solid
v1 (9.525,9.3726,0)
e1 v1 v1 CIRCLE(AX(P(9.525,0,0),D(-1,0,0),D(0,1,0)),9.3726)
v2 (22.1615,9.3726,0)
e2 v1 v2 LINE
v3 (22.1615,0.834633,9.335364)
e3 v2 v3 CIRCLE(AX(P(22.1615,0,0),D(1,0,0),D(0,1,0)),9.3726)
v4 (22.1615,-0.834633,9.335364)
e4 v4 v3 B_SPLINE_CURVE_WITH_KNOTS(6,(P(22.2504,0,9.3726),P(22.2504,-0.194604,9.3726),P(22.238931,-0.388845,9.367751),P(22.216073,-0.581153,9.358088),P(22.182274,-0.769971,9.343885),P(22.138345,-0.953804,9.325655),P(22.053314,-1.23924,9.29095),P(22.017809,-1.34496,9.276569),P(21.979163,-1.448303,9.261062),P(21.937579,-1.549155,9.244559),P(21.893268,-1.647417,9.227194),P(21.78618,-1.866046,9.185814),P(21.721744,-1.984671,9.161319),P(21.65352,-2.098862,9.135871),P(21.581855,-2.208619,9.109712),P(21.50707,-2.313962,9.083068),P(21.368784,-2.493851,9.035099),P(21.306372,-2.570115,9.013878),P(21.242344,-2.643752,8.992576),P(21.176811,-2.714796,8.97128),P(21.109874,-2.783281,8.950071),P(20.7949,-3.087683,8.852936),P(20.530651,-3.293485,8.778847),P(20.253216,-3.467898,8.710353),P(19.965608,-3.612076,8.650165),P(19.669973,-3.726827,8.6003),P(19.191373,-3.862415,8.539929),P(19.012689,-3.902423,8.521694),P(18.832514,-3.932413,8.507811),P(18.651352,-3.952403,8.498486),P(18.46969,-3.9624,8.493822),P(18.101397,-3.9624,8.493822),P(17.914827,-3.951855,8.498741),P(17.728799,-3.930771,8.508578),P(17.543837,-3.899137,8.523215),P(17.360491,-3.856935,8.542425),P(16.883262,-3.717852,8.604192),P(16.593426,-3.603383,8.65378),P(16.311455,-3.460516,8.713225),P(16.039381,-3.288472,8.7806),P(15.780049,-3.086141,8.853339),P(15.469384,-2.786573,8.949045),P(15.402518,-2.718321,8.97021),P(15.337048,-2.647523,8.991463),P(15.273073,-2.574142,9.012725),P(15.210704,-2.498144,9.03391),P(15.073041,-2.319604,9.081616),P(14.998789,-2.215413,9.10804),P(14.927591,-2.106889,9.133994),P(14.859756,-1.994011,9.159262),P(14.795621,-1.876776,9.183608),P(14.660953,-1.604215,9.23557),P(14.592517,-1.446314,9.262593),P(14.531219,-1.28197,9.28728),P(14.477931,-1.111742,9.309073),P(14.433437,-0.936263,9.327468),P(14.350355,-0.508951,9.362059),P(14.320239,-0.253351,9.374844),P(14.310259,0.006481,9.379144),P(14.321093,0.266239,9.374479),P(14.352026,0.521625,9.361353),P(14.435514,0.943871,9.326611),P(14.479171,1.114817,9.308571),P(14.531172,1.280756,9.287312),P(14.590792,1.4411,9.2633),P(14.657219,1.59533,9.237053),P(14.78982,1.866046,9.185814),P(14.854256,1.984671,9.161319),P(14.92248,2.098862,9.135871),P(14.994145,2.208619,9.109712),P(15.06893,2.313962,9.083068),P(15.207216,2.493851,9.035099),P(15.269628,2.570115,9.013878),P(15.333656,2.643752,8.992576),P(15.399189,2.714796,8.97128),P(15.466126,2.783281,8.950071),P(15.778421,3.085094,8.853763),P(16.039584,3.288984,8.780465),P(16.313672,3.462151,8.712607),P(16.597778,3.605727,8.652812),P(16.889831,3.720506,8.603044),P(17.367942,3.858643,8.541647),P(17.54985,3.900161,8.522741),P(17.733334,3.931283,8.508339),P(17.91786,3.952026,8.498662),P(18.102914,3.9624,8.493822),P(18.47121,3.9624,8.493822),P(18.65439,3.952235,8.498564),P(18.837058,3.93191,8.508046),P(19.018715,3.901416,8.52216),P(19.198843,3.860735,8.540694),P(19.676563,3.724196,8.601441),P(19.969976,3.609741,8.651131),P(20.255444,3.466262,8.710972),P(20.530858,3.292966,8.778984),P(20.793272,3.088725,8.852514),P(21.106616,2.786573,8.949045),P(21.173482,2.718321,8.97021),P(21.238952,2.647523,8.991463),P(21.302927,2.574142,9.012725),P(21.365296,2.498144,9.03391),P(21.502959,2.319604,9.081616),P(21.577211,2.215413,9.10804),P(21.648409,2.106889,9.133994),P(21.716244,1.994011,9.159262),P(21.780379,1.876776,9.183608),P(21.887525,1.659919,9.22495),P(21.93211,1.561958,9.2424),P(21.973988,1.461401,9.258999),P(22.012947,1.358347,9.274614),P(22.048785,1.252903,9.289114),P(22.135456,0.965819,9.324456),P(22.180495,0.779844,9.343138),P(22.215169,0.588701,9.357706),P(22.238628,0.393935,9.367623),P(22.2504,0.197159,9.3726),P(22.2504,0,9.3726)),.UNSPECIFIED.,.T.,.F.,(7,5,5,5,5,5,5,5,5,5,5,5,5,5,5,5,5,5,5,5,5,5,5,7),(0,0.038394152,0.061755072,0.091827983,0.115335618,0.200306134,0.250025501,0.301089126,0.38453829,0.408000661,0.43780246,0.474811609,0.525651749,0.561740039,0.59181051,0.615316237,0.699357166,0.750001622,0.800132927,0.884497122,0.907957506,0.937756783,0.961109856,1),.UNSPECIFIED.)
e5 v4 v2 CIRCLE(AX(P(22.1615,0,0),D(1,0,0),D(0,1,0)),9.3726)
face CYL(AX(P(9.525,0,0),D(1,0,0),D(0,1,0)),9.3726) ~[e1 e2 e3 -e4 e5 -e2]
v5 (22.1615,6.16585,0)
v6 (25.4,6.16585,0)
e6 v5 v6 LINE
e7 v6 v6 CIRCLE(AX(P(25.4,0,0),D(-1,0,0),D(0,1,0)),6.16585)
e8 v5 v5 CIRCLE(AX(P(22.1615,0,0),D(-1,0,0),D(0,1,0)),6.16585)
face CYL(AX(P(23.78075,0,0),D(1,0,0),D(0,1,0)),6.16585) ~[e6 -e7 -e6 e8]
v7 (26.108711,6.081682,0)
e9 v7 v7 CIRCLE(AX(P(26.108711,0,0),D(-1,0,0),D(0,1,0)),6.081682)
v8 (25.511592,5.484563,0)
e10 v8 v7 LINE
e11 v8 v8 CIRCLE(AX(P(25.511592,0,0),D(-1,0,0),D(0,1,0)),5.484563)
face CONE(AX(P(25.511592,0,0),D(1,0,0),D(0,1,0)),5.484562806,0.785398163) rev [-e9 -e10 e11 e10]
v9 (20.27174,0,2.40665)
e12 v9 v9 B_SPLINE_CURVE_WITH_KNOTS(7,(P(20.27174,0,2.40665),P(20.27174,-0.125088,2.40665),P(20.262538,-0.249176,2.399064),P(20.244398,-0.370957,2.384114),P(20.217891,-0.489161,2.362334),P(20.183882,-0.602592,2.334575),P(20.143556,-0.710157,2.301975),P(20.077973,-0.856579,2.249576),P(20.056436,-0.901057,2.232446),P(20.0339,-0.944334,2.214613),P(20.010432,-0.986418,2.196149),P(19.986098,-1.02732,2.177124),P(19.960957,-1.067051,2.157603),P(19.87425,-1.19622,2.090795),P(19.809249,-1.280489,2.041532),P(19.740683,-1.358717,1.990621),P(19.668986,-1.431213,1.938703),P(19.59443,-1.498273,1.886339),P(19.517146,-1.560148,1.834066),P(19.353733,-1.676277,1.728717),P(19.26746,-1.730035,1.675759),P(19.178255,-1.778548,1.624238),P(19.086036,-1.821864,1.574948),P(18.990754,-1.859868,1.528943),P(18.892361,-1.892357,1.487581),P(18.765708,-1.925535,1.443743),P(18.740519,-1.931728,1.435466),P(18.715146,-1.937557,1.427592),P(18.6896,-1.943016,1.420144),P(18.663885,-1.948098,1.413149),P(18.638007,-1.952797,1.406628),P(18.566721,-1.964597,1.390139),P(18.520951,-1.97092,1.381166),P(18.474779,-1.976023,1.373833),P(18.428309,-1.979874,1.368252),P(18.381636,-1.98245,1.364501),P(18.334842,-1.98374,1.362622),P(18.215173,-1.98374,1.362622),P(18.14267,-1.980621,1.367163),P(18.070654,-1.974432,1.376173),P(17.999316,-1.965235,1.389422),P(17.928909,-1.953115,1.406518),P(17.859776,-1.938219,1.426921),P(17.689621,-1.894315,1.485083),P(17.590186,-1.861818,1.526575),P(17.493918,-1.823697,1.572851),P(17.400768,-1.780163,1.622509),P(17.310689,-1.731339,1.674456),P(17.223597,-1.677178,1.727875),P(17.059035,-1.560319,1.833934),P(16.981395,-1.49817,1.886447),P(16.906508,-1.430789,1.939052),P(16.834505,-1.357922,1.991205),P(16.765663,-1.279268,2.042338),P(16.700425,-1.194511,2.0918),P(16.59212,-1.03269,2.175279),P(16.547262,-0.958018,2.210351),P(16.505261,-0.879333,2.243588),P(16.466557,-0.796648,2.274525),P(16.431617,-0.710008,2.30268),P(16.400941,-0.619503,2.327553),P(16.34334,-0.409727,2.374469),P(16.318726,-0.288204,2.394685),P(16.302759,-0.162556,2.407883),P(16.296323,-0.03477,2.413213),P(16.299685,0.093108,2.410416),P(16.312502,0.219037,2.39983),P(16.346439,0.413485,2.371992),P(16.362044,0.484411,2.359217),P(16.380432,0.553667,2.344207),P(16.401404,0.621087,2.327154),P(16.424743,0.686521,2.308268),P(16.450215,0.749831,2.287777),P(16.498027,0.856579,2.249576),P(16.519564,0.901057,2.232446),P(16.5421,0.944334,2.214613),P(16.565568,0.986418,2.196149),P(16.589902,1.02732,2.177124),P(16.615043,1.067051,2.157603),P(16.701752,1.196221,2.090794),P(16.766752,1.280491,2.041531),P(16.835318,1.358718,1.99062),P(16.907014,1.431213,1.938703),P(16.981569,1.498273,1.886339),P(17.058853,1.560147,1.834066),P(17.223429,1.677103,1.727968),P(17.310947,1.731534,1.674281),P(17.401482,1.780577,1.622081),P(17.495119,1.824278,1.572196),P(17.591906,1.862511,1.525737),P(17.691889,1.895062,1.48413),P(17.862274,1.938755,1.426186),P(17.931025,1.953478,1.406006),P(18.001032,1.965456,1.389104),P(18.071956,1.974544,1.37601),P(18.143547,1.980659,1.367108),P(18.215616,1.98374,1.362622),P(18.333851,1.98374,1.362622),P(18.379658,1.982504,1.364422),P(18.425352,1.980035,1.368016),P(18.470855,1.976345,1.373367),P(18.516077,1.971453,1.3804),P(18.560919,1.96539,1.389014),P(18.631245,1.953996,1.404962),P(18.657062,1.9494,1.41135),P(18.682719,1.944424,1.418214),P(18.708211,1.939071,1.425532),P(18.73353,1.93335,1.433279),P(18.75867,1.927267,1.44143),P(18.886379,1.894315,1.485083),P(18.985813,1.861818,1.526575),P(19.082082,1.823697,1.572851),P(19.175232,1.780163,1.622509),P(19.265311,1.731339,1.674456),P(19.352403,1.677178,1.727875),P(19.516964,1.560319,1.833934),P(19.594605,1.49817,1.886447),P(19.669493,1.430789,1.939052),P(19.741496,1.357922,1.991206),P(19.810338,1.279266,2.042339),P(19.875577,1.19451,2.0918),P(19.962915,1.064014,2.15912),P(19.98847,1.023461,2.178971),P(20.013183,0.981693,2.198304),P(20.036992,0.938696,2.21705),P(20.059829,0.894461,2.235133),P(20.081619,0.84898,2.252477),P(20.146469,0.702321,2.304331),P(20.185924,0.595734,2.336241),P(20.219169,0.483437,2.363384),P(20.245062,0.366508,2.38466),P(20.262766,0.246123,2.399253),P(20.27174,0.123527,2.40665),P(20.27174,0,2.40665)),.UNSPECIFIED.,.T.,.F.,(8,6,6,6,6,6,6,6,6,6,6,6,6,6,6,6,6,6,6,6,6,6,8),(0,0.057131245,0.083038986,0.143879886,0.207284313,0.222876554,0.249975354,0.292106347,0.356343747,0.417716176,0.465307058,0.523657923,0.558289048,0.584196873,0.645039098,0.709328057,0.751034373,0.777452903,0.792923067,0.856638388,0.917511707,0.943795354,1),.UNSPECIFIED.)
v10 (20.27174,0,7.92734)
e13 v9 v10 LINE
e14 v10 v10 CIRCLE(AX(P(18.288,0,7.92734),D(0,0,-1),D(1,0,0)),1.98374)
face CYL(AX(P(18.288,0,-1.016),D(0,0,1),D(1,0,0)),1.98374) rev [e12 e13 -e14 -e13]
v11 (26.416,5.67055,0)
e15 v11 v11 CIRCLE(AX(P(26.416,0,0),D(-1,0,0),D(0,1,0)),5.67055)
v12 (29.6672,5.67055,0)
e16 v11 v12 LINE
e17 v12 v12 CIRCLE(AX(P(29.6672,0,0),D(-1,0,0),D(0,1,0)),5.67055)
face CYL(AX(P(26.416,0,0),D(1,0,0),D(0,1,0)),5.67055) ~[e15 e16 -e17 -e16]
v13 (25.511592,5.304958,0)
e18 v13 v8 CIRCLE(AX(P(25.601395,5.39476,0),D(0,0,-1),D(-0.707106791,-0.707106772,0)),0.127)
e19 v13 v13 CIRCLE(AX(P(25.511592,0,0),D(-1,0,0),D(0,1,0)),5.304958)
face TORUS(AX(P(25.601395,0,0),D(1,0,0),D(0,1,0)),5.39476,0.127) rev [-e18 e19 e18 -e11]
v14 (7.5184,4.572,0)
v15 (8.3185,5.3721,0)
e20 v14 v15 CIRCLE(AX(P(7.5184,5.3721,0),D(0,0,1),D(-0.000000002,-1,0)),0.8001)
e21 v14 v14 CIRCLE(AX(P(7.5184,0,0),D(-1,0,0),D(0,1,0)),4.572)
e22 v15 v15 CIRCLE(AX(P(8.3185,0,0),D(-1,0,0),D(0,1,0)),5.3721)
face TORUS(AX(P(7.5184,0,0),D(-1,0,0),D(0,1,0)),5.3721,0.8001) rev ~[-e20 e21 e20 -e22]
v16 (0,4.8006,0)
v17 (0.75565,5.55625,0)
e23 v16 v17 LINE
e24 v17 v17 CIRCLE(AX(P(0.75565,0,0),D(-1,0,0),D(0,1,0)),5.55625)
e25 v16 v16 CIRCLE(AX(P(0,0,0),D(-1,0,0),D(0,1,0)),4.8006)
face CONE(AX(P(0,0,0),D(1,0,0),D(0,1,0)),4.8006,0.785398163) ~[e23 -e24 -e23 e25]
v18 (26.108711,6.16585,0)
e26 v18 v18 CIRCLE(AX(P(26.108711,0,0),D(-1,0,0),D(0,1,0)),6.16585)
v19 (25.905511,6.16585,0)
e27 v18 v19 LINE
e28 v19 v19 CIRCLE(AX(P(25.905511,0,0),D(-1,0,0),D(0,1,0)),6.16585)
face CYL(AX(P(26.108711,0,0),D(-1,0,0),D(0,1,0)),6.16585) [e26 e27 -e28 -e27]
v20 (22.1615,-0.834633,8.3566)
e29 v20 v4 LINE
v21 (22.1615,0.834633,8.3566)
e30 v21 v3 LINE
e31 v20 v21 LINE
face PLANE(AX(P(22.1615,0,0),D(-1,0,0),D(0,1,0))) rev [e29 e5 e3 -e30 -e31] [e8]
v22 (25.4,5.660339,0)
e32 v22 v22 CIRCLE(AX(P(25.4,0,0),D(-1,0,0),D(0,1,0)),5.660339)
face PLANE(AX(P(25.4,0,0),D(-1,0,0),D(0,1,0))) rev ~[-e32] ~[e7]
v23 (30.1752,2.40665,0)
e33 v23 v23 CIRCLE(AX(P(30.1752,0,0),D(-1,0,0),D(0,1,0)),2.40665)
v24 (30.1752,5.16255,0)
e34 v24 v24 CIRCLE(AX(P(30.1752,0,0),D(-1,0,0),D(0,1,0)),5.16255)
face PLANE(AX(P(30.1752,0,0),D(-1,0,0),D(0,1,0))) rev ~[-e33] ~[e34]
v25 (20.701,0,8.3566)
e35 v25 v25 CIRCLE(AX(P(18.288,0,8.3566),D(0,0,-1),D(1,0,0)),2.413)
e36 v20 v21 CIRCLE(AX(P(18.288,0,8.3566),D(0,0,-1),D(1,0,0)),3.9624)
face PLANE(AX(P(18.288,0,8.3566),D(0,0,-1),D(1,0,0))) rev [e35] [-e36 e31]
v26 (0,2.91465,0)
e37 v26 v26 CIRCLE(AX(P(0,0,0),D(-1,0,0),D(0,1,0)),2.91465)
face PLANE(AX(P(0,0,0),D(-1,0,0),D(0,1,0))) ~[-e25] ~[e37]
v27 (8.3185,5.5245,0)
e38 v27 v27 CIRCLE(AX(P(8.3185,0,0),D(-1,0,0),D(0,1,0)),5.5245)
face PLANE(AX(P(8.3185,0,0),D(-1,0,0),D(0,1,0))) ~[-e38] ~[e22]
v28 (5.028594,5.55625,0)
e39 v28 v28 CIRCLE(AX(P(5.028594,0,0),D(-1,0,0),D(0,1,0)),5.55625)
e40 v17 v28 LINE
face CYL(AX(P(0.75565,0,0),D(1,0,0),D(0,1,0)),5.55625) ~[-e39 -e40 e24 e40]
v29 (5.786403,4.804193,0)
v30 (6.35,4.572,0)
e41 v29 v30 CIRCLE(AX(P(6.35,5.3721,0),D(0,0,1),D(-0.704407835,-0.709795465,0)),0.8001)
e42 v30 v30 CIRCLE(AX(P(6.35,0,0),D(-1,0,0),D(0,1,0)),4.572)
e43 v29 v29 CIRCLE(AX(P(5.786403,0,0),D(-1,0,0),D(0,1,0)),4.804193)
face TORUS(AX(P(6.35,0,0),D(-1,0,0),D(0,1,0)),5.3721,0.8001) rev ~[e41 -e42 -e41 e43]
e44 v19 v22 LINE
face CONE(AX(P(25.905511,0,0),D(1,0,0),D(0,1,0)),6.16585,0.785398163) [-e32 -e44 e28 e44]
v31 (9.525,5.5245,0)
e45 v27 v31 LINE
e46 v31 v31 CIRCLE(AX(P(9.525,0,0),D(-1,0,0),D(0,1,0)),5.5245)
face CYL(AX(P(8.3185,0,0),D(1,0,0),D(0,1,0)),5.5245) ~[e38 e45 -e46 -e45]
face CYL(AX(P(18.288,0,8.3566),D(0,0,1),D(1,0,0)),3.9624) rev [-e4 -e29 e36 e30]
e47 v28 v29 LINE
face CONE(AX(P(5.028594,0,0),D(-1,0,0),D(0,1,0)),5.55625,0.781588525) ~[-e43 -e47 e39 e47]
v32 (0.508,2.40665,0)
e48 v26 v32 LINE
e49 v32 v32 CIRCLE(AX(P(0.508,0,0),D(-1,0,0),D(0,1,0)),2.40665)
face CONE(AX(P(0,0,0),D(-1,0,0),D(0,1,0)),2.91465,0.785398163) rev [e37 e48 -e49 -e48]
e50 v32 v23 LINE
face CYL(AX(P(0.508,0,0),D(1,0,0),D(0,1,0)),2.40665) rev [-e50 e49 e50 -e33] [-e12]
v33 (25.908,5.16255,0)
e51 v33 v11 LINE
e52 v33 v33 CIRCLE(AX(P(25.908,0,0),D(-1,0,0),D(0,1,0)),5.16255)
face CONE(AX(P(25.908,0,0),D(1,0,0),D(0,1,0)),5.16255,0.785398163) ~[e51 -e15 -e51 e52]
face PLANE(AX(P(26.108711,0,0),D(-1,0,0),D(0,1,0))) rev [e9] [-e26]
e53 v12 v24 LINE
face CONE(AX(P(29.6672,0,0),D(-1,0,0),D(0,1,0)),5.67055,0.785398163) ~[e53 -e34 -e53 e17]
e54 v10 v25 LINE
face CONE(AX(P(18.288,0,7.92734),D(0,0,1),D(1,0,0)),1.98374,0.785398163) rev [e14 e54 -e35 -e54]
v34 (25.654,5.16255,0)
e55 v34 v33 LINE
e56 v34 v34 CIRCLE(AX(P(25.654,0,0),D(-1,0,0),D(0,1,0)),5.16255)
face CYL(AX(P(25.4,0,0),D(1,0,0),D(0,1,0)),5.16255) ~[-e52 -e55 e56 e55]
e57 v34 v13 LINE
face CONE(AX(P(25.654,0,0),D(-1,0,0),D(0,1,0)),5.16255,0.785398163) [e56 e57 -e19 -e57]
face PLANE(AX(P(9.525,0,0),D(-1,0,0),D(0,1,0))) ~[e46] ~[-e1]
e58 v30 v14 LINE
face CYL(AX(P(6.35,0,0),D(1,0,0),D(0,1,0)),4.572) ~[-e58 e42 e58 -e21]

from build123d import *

# Parameters (mm, degrees)
SKETCH5_W = 3.2385
SKETCH5_H = 3.81


with BuildPart() as part:
    # Sketch1 → Revolve1 (revolve)
    with BuildSketch(Plane.XY):
        with BuildLine():
            Line((0, 0), (0, 4.8006))
            Line((0, 4.8006), (0.75565, 5.55625))
            Line((0.75565, 5.55625), (5.028593864, 5.55625))
            Line((5.028593864, 5.55625), (5.786403291, 4.804192648))
            ThreePointArc((5.786403291, 4.804192648), (6.045223575, 4.6323221), (6.35, 4.572))
            Line((6.35, 4.572), (7.5184, 4.572))
            ThreePointArc((7.5184, 4.572), (8.084156136, 4.806343864), (8.3185, 5.3721))
            Line((8.3185, 5.3721), (8.3185, 5.5245))
            Line((8.3185, 5.5245), (9.525, 5.5245))
            Line((9.525, 5.5245), (9.525, 0))
            Line((9.525, 0), (0, 0))
        make_face()
    revolve(axis=Axis((9.525, 0, 0), (-1, 0, 0)))

    # Sketch2 → Revolve2 (revolve)
    with BuildSketch(Plane.XY):
        Polygon((9.525, 0), (9.525, 9.3726), (25.4, 9.3726), (25.4, 5.16255), (25.908, 5.16255), (26.416, 5.67055), (29.6672, 5.67055), (30.1752, 5.16255), (30.1752, 0), align=None)
    revolve(axis=Axis((30.1752, 0, 0), (-1, 0, 0)))

    # Sketch3 → Cut-Revolve1 (revolve, cut)
    with BuildSketch(Plane.XY):
        Polygon((0, 0), (0, 2.91465), (0.508, 2.40665), (30.1752, 2.40665), (30.1752, 0), align=None)
    revolve(axis=Axis((30.1752, 0, 0), (-1, 0, 0)), mode=Mode.SUBTRACT)

    # Sketch4 → Cut-Revolve2 (revolve, cut)
    with BuildSketch(Plane(origin=(0, 0, 0), x_dir=(1, 0, 0), z_dir=(0, 1, 0))):
        Polygon((18.288, 1.016), (20.27174, 1.016), (20.27174, -7.92734), (20.701, -8.3566), (22.2504, -8.3566), (22.2504, -9.3726), (18.288, -9.3726), align=None)
    revolve(axis=Axis((18.288, 0, 9.3726), (0, 0, -1)), mode=Mode.SUBTRACT)

    # Sketch5 → Cut-Revolve3 (revolve, cut)
    with BuildSketch(Plane.XY):
        with Locations((23.78075, 8.07085)):
            Rectangle(SKETCH5_W, SKETCH5_H)
    revolve(axis=Axis((25.4, 0, 0), (-1, 0, 0)), mode=Mode.SUBTRACT)

    # Sketch6 → Revolve3 (revolve)
    with BuildSketch(Plane.XY):
        with BuildLine():
            Line((25.4, 5.660338686), (25.4, 4.90855))
            Line((25.4, 4.90855), (25.908, 4.90855))
            Line((25.908, 4.90855), (25.908, 5.16255))
            Line((25.908, 5.16255), (25.654, 5.16255))
            Line((25.654, 5.16255), (25.511592316, 5.304957684))
            ThreePointArc((25.511592316, 5.304957684), (25.474394878, 5.394760245), (25.511592316, 5.484562806))
            Line((25.511592316, 5.484562806), (26.108711314, 6.081681804))
            Line((26.108711314, 6.081681804), (26.108711314, 6.16585))
            Line((26.108711314, 6.16585), (25.905511314, 6.16585))
            Line((25.905511314, 6.16585), (25.4, 5.660338686))
        make_face()
    revolve(axis=Axis((25.908, 0, 0), (-1, 0, 0)))


solid = part.part
